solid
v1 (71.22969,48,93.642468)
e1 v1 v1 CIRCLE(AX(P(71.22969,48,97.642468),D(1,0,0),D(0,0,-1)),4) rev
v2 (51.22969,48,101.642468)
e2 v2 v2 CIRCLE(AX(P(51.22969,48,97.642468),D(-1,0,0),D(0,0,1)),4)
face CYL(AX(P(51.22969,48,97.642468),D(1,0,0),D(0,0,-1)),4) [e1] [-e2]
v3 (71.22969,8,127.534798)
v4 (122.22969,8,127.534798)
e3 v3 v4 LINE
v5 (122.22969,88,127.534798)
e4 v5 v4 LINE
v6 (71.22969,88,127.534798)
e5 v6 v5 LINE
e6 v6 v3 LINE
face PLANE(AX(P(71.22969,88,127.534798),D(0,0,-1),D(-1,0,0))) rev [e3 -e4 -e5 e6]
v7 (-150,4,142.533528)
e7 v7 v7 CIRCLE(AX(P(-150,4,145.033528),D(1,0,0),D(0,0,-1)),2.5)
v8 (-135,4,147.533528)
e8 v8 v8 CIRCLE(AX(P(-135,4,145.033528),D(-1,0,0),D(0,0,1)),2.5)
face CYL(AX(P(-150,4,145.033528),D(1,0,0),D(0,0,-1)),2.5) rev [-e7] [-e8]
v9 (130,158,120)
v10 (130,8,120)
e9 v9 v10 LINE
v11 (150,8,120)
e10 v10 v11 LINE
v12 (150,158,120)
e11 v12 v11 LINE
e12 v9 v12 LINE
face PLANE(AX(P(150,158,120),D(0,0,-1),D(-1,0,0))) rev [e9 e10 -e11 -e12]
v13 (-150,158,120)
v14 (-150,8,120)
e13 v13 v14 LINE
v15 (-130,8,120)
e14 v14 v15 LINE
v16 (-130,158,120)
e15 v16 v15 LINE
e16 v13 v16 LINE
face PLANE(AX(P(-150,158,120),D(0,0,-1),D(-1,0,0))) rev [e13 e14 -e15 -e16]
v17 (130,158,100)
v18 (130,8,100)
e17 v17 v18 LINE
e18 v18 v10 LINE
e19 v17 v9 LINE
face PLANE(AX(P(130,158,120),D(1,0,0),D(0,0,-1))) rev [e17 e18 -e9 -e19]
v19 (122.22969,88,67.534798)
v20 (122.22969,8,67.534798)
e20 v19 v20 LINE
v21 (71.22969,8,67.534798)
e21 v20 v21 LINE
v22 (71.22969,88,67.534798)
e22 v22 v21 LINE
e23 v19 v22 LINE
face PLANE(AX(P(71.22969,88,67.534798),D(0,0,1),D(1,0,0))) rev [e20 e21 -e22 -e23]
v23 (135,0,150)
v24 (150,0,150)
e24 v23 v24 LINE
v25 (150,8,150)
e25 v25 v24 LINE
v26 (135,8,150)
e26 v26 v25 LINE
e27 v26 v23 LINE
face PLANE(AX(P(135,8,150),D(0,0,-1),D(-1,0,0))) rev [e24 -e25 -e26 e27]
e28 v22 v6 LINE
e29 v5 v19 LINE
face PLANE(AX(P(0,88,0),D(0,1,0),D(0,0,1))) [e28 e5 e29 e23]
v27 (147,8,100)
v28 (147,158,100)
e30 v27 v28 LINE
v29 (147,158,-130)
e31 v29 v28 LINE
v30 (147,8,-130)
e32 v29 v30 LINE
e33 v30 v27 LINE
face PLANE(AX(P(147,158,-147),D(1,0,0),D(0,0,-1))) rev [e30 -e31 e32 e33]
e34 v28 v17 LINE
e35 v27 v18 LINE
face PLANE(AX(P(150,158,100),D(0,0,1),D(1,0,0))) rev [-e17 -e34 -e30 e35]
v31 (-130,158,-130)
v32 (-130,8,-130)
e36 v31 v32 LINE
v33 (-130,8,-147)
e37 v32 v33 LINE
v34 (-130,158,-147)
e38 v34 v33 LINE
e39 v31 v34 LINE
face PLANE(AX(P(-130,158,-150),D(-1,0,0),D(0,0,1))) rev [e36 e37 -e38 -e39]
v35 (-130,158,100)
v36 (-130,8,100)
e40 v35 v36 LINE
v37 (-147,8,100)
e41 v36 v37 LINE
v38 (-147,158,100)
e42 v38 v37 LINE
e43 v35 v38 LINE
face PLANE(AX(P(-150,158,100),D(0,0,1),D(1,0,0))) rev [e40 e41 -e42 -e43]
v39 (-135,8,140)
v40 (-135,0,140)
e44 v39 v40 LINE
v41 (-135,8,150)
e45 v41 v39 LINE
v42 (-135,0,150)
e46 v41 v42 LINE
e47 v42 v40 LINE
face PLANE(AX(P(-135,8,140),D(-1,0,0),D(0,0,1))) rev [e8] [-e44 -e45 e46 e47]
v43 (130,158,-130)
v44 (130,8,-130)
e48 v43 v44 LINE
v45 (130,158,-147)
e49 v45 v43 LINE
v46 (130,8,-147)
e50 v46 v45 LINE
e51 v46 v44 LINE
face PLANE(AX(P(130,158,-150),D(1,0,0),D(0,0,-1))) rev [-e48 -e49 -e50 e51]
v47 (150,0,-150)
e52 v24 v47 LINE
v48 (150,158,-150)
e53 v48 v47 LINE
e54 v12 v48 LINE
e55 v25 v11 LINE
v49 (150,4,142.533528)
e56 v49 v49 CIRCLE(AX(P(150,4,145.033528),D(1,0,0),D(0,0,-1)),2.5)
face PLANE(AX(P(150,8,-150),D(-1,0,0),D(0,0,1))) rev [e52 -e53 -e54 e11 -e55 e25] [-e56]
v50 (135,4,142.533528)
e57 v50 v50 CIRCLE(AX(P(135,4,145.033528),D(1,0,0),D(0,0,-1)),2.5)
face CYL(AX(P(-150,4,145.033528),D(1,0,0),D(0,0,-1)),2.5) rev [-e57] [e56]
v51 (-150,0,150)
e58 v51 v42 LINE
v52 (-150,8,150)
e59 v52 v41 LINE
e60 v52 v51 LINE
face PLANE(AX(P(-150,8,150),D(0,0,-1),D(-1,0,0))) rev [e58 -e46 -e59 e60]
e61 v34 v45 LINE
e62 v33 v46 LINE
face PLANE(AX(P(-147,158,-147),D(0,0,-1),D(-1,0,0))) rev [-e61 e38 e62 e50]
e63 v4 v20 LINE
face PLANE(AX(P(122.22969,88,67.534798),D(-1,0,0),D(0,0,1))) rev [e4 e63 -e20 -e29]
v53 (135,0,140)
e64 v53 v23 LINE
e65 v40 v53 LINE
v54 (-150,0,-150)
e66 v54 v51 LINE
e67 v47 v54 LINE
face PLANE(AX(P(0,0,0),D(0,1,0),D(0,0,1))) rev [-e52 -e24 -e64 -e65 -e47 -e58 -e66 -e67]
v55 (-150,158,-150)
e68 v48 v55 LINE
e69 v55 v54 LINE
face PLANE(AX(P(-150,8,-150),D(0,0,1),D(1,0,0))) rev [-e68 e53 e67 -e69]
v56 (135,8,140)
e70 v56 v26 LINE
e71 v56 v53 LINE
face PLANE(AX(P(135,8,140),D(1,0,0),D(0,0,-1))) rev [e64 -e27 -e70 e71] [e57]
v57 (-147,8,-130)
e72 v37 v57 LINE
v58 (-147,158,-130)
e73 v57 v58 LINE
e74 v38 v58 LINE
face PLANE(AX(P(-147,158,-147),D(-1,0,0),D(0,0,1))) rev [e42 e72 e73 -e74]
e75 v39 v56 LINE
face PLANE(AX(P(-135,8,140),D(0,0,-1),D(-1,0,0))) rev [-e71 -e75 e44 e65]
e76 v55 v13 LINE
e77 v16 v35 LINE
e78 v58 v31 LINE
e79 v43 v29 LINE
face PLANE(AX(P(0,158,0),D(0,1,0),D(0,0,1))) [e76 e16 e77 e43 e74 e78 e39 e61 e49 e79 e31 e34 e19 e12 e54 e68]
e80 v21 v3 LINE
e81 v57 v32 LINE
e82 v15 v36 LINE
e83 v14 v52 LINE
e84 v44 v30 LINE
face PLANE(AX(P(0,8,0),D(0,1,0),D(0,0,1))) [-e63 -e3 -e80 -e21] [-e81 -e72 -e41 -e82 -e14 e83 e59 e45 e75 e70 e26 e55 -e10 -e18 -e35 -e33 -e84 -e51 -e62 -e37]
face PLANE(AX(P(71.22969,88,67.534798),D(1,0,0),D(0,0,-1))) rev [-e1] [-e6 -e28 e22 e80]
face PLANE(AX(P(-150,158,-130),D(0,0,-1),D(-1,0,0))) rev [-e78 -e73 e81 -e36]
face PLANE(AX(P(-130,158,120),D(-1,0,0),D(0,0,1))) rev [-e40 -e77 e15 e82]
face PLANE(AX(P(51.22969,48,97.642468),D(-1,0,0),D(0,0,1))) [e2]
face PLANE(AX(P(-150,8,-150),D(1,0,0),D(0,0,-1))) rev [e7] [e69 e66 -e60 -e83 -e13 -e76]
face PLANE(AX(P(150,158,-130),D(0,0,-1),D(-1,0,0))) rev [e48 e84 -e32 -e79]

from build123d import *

# Parameters (mm, degrees)
BOSS_EXTRUDE1_DEPTH     = 8
CUT_EXTRUDE1_DEPTH      = 213.282830205
CUT_EXTRUDE1_DEPTH_BACK = 213.282830205
SKETCH2_R               = 2.5
SKETCH3_W               = 20
SKETCH3_H               = 20
BOSS_EXTRUDE2_DEPTH     = 150
BOSS_EXTRUDE3_DEPTH     = 150
SKETCH5_W               = 51
SKETCH5_H               = 60
BOSS_EXTRUDE4_DEPTH     = 80
SKETCH7_R               = 4
BOSS_EXTRUDE5_DEPTH     = 20


with BuildPart() as part:
    # Sketch1 → Boss-Extrude1 (new body)
    with BuildSketch(Plane(origin=(0, 0, 0), x_dir=(1, 0, 0), z_dir=(0, 1, 0))):
        Polygon((135, -150), (150, -150), (150, 150), (-150, 150), (-150, -150), (-135, -150), (-135, -140), (135, -140), align=None)
    extrude(amount=BOSS_EXTRUDE1_DEPTH)

    # Sketch2 → Cut-Extrude1 (cut, two sides: drawn at the far end of the back side and taken through both)
    with BuildSketch(Plane(origin=(0, 0, 0), x_dir=(0, 0, -1), z_dir=(1, 0, 0)).offset(-CUT_EXTRUDE1_DEPTH_BACK)):
        with Locations((-145.033528283, 4)):
            Circle(SKETCH2_R)
    extrude(amount=CUT_EXTRUDE1_DEPTH + CUT_EXTRUDE1_DEPTH_BACK, mode=Mode.SUBTRACT)

    # Sketch3 → Boss-Extrude2 (add)
    with BuildSketch(Plane(origin=(0, 8, 0), x_dir=(1, 0, 0), z_dir=(0, 1, 0))):
        with Locations((-140, 140)):
            Rectangle(SKETCH3_W, SKETCH3_H)
        with Locations((140, 140)):
            Rectangle(SKETCH3_W, SKETCH3_H)
        with Locations((140, -110)):
            Rectangle(SKETCH3_W, SKETCH3_H)
        with Locations((-140, -110)):
            Rectangle(SKETCH3_W, SKETCH3_H)
    extrude(amount=BOSS_EXTRUDE2_DEPTH)

    # Sketch4 → Boss-Extrude3 (add)
    with BuildSketch(Plane(origin=(0, 8, 0), x_dir=(1, 0, 0), z_dir=(0, 1, 0))):
        Polygon((-147, 147), (-147, -117), (-150, -120), (-150, 150), (150, 150), (150, -120), (147, -117), (147, 147), align=None)
    extrude(amount=BOSS_EXTRUDE3_DEPTH)

    # Sketch5 → Boss-Extrude4 (add)
    with BuildSketch(Plane(origin=(0, 8, 0), x_dir=(1, 0, 0), z_dir=(0, 1, 0))):
        with Locations((96.729689643, -97.534797701)):
            Rectangle(SKETCH5_W, SKETCH5_H)
    extrude(amount=BOSS_EXTRUDE4_DEPTH)

    # Sketch7 → Boss-Extrude5 (add)
    with BuildSketch(Plane.ZY.offset(-71.229689643)):
        with Locations(Location((97.642468488, 48, 0), (0, 0, 180))):
            Circle(SKETCH7_R)
    extrude(amount=BOSS_EXTRUDE5_DEPTH)


solid = part.part
